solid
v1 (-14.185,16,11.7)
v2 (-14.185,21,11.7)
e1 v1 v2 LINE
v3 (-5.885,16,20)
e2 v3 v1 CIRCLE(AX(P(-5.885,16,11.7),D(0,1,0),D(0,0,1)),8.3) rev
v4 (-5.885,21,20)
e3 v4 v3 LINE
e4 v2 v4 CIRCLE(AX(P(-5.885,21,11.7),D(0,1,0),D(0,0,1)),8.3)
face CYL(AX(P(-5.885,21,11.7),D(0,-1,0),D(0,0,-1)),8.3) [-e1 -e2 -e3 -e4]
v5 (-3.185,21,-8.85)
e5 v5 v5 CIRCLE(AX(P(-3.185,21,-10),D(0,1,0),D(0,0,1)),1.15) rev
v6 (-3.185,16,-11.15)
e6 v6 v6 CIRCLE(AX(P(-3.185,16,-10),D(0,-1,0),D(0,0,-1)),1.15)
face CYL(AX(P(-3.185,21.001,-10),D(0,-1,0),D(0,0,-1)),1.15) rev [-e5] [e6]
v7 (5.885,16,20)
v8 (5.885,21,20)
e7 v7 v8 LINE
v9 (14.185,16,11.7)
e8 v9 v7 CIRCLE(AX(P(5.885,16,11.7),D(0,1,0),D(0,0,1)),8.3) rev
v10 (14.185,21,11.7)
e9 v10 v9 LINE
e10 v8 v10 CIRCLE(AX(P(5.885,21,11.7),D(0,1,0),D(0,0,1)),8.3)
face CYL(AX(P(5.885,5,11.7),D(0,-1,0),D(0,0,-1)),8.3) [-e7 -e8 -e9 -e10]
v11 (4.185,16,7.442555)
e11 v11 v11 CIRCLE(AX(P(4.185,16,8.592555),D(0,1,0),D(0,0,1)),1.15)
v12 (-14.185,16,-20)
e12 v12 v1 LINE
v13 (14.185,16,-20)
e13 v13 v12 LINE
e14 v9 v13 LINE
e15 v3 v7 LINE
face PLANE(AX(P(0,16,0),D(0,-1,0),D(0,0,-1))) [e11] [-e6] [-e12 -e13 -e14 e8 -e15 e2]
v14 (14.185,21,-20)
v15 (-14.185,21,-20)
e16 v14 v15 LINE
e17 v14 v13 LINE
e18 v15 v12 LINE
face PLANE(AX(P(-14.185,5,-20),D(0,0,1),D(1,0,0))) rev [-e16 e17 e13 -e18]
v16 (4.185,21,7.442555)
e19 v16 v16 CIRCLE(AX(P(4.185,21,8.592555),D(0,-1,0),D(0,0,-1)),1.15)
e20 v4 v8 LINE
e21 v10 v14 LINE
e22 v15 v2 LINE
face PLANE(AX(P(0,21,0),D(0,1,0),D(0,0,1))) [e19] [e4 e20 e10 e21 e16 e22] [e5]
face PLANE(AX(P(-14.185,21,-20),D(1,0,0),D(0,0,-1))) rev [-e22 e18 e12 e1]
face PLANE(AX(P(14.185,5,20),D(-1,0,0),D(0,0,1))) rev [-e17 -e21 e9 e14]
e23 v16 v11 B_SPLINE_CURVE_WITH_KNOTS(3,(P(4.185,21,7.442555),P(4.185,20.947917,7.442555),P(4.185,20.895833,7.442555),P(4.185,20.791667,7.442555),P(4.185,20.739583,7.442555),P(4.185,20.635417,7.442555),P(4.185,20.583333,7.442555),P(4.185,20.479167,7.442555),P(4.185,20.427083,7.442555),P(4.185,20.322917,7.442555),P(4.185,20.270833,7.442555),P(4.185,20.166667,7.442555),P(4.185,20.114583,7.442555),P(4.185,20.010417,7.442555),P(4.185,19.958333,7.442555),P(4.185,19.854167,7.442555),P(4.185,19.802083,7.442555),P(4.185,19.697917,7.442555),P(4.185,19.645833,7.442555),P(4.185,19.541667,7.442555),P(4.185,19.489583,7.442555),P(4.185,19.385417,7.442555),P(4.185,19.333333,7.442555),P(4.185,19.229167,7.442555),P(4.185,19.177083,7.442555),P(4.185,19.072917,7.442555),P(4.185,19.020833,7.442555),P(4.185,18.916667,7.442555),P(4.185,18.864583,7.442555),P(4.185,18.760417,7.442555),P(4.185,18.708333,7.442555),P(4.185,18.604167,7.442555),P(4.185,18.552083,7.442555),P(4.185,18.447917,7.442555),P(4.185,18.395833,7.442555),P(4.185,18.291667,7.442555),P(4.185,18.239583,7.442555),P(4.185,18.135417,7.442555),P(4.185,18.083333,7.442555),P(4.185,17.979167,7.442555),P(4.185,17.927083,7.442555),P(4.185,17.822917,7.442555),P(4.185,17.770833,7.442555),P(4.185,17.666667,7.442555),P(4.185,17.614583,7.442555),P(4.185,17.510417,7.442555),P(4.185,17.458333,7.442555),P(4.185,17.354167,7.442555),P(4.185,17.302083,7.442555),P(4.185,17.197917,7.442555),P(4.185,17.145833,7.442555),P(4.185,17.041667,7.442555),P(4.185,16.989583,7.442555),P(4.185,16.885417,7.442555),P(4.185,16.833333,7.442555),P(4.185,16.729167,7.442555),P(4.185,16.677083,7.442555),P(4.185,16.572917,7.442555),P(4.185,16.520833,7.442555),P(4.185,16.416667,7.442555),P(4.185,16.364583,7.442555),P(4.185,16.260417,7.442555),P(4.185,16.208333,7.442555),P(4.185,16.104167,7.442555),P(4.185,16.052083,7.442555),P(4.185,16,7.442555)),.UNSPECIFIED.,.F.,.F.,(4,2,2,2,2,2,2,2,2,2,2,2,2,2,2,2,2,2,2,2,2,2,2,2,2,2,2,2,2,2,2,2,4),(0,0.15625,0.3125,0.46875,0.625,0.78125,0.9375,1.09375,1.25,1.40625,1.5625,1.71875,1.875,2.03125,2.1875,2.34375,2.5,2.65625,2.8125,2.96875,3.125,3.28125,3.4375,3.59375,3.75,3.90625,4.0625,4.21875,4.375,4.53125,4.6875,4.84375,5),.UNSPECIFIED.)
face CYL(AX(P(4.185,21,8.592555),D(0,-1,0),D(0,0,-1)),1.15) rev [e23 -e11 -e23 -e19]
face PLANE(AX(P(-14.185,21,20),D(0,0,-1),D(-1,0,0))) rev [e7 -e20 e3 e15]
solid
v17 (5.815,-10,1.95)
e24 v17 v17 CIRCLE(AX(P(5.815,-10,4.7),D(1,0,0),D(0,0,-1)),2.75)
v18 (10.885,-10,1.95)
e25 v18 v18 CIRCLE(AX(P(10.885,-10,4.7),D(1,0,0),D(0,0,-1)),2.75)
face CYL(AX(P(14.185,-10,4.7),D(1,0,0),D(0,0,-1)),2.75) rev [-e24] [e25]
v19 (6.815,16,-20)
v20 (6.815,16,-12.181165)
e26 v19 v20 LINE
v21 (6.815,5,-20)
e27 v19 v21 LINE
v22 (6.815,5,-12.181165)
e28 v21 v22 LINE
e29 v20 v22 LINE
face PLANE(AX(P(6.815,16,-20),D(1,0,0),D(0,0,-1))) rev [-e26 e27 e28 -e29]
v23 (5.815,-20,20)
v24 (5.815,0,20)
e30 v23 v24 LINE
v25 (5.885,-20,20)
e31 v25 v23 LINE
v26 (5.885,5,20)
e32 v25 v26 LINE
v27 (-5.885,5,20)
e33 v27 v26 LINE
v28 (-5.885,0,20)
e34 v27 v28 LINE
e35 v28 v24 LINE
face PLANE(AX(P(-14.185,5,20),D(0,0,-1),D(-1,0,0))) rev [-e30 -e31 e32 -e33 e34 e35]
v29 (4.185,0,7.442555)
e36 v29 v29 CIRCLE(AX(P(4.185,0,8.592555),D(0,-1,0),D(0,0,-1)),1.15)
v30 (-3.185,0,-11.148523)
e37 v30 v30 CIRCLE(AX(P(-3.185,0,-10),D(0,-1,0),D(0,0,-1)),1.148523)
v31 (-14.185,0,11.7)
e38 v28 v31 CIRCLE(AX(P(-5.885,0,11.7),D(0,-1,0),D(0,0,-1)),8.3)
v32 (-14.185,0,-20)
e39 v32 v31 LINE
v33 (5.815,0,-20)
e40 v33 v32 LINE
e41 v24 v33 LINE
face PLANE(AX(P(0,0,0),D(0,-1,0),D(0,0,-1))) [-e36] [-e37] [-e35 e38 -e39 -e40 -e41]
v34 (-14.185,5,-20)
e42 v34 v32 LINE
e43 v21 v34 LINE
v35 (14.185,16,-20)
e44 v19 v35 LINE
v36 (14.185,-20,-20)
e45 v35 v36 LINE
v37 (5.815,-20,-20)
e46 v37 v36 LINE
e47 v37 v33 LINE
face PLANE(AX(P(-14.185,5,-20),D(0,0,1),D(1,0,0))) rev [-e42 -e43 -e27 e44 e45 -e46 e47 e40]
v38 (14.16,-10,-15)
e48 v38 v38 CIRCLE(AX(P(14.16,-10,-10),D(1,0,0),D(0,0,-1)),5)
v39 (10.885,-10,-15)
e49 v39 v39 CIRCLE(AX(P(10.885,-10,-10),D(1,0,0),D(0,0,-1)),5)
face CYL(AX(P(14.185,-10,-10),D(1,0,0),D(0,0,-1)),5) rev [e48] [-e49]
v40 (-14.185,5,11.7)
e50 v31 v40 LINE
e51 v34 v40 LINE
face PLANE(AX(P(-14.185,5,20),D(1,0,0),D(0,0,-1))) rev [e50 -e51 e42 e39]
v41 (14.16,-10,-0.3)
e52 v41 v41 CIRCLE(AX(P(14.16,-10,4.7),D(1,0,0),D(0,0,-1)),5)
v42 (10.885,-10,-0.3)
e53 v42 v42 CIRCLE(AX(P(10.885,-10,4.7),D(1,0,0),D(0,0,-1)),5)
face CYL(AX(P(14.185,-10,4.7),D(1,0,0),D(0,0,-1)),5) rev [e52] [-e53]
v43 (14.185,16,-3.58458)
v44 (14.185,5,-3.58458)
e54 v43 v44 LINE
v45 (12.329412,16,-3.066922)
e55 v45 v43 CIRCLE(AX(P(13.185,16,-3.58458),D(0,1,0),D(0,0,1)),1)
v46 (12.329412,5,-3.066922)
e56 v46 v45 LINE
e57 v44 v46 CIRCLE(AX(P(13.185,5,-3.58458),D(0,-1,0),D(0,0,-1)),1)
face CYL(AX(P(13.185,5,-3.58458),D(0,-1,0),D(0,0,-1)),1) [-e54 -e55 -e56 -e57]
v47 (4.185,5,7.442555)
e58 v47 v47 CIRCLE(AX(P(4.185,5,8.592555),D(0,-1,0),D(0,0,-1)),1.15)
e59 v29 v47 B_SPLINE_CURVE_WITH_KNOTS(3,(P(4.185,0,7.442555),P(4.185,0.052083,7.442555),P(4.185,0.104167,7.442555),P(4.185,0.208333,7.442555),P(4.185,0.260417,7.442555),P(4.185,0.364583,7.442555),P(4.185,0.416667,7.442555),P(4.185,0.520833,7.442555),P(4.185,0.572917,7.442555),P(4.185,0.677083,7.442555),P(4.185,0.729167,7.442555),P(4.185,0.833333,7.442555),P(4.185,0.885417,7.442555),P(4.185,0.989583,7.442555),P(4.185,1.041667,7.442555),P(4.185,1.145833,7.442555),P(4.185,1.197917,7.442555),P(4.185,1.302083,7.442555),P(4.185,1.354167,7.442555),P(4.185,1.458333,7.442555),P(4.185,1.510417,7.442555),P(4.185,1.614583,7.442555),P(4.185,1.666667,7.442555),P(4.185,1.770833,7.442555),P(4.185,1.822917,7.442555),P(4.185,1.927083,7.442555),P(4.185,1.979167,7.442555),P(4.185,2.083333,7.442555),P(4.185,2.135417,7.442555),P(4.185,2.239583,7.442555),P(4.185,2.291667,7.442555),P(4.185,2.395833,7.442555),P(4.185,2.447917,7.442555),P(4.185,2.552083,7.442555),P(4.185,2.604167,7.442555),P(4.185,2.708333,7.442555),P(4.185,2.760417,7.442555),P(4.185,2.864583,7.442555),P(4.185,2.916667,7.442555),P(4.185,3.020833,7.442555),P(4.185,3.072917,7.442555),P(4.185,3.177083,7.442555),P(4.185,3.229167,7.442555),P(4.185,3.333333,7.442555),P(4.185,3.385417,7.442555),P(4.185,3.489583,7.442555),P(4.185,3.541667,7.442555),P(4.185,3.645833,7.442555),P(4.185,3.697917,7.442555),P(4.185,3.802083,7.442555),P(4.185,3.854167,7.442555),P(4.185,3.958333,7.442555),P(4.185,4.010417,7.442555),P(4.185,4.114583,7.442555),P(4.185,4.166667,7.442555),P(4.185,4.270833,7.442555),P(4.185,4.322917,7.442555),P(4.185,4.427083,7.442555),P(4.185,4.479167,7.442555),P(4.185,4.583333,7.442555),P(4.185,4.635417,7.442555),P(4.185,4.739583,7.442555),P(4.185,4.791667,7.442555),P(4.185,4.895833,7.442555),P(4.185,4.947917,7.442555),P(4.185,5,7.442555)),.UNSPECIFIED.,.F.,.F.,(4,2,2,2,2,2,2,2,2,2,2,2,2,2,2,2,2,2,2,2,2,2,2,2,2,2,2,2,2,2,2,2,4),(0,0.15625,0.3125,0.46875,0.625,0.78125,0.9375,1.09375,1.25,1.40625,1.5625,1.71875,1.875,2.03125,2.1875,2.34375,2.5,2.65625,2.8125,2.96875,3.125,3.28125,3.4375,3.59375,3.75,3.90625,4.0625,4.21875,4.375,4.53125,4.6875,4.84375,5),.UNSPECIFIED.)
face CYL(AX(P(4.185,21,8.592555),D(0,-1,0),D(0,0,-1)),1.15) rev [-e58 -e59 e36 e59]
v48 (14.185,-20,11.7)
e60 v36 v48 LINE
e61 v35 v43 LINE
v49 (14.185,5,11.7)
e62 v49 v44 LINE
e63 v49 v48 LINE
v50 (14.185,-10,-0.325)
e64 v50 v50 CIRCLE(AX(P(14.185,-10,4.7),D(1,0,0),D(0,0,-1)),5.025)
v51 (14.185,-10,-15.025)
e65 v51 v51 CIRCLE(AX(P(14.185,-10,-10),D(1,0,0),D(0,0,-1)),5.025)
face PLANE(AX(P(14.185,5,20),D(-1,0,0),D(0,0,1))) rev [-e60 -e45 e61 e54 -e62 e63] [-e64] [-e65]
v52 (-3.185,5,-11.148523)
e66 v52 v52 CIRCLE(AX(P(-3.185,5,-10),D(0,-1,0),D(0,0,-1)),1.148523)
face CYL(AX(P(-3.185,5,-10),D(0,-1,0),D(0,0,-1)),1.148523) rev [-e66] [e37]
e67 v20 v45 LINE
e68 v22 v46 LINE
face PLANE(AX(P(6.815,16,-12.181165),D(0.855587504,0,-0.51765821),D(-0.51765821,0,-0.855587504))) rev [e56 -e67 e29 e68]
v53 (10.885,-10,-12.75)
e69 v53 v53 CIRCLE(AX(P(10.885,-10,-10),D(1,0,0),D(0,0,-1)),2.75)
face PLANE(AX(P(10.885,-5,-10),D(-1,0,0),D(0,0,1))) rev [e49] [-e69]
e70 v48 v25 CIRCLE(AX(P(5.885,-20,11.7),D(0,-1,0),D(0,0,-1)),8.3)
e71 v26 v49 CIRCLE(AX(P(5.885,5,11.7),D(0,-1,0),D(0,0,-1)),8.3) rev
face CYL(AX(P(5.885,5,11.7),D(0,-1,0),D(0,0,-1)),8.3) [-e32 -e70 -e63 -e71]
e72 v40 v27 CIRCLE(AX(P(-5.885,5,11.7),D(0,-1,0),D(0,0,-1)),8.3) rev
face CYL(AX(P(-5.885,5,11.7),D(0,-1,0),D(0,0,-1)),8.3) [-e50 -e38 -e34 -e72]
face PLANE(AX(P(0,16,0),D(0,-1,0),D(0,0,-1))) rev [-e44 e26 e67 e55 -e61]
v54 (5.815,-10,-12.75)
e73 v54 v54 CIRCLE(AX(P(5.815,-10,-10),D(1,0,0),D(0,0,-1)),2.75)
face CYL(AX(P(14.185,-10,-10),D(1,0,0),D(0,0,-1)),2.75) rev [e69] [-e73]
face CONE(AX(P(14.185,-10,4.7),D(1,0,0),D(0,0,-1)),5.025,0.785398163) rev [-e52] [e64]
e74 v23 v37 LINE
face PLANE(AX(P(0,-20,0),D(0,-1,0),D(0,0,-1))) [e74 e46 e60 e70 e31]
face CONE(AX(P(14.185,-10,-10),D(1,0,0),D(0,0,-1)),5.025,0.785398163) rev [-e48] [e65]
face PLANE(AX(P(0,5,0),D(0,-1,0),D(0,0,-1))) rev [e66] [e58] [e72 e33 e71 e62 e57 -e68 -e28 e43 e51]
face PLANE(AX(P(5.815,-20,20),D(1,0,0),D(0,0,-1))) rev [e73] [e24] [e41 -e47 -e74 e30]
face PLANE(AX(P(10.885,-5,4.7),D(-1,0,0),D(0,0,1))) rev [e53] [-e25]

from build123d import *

# Parameters (mm, degrees)
SKETCH1_W                                  = 28.37
SKETCH1_H                                  = 40
BOSS_EXTRUDE1_DEPTH                        = 5
SKETCH2_R                                  = 1.148523169
CUT_EXTRUDE1_DEPTH                         = 26.024272717
SKETCH4_W                                  = 8.37
SKETCH4_H                                  = 40
BOSS_EXTRUDE2_DEPTH                        = 20
BOSS_EXTRUDE3_DEPTH                        = 11
SKETCH6_W                                  = 28.37
SKETCH6_H                                  = 40
BOSS_EXTRUDE4_DEPTH                        = 5
SKETCH3_R                                  = 1.15
CUT_EXTRUDE2_DEPTH                         = 33.283342841
SKETCH7_R                                  = 1.15
CUT_EXTRUDE3_DEPTH                         = 5
FILLET1_R                                  = 1
FILLET2_R                                  = 8.3
CBORE_FOR_M5_CHEESE_HEAD_SCREW1_AT_2_COUNT = 2
CBORE_FOR_M5_CHEESE_HEAD_SCREW1_AT_2_PITCH = 14.7


with BuildPart() as part:
    # Sketch1 → Boss-Extrude1 (new body)
    with BuildSketch(Plane(origin=(0, 0, 0), x_dir=(1, 0, 0), z_dir=(0, 1, 0))):
        Rectangle(SKETCH1_W, SKETCH1_H)
    extrude(amount=BOSS_EXTRUDE1_DEPTH)

    # Sketch2 → Cut-Extrude1 (cut, through all)
    with BuildSketch(Plane.XZ):
        with Locations(Location((-3.185, -10, 0), (0, 0, 270))):
            Circle(SKETCH2_R)
    extrude(amount=-CUT_EXTRUDE1_DEPTH, mode=Mode.SUBTRACT)

    # Sketch4 → Boss-Extrude2 (add)
    with BuildSketch(Plane.XZ):
        with Locations((10, 0)):
            Rectangle(SKETCH4_W, SKETCH4_H)
    extrude(amount=BOSS_EXTRUDE2_DEPTH)

    # Sketch5 → Boss-Extrude3 (add)
    with BuildSketch(Plane(origin=(0, 5, 0), x_dir=(1, 0, 0), z_dir=(0, 1, 0))):
        Polygon((14.185, 20), (6.815, 20), (6.815, 12.181164673), (14.185, 0), align=None)
    extrude(amount=BOSS_EXTRUDE3_DEPTH)

    # Sketch6 → Boss-Extrude4 (add)
    with BuildSketch(Plane(origin=(0, 16, 0), x_dir=(1, 0, 0), z_dir=(0, 1, 0))):
        Rectangle(SKETCH6_W, SKETCH6_H)
    extrude(amount=BOSS_EXTRUDE4_DEPTH)

    # Sketch3 → Cut-Extrude2 (cut, through all)
    with BuildSketch(Plane.XZ):
        with Locations(Location((4.185, 8.592554962, 0), (0, 0, 270))):
            Circle(SKETCH3_R)
    extrude(amount=-CUT_EXTRUDE2_DEPTH, mode=Mode.SUBTRACT)

    # Sketch7 → Cut-Extrude3 (cut)
    with BuildSketch(Plane.XZ.offset(-16)):
        with Locations(Location((-3.185, -10, 0), (0, 0, 270))):
            Circle(SKETCH7_R)
        with Locations(Location((4.185, 8.592554962, 0), (0, 0, 270))):
            Circle(SKETCH7_R)
    extrude(amount=-CUT_EXTRUDE3_DEPTH, mode=Mode.SUBTRACT)

    # Fillet1
    fillet1_edges = [part.edges().sort_by_distance(p)[0] for p in [
        (14.185, 10.5, 0),
    ]]
    fillet(fillet1_edges, radius=FILLET1_R)

    # Fillet2
    fillet2_edges = [part.edges().sort_by_distance(p)[0] for p in [
        (14.185, 18.5, 20),
        (-14.185, 18.5, 20),
        (14.185, -7.5, 20),
        (-14.185, 2.5, 20),
    ]]
    fillet(fillet2_edges, radius=FILLET2_R)


with BuildPart() as body_2:
    # Split1: the piece on the far side of the plane
    add(part.part)
    split(bisect_by=Plane(origin=(0, 16, 0), x_dir=(0, 0, -1), z_dir=(0, -1, 0)), keep=Keep.BOTTOM)


with BuildPart() as part_1:
    add(part.part)

    # Split1
    split(bisect_by=Plane(origin=(0, 16, 0), x_dir=(0, 0, -1), z_dir=(0, -1, 0)), keep=Keep.TOP)

    # Sketch10 → CBORE for M5 Cheese Head Screw1 (revolve, cut)
    with BuildSketch(Plane(origin=(14.185, -10, 4.7), x_dir=(0, 0, -1), z_dir=(0, 1, 0))):
        Polygon((0, 0), (0, 8.37), (2.75, 8.37), (2.75, 3.3), (5, 3.3), (5, 0.025), (5.025, 0), align=None)
    cbore_for_m5_cheese_head_screw1 = revolve(axis=Axis((20.535, -10, 4.7), (-1, 0, 0)), mode=Mode.SUBTRACT)

    # CBORE for M5 Cheese Head Screw1 at 2: CBORE for M5 Cheese Head Screw1 ×2
    with Locations(*[(0, 0, -i * CBORE_FOR_M5_CHEESE_HEAD_SCREW1_AT_2_PITCH) for i in range(1, CBORE_FOR_M5_CHEESE_HEAD_SCREW1_AT_2_COUNT)]):
        add(cbore_for_m5_cheese_head_screw1, mode=Mode.SUBTRACT)


solid = Compound([body_2.part, part_1.part])
